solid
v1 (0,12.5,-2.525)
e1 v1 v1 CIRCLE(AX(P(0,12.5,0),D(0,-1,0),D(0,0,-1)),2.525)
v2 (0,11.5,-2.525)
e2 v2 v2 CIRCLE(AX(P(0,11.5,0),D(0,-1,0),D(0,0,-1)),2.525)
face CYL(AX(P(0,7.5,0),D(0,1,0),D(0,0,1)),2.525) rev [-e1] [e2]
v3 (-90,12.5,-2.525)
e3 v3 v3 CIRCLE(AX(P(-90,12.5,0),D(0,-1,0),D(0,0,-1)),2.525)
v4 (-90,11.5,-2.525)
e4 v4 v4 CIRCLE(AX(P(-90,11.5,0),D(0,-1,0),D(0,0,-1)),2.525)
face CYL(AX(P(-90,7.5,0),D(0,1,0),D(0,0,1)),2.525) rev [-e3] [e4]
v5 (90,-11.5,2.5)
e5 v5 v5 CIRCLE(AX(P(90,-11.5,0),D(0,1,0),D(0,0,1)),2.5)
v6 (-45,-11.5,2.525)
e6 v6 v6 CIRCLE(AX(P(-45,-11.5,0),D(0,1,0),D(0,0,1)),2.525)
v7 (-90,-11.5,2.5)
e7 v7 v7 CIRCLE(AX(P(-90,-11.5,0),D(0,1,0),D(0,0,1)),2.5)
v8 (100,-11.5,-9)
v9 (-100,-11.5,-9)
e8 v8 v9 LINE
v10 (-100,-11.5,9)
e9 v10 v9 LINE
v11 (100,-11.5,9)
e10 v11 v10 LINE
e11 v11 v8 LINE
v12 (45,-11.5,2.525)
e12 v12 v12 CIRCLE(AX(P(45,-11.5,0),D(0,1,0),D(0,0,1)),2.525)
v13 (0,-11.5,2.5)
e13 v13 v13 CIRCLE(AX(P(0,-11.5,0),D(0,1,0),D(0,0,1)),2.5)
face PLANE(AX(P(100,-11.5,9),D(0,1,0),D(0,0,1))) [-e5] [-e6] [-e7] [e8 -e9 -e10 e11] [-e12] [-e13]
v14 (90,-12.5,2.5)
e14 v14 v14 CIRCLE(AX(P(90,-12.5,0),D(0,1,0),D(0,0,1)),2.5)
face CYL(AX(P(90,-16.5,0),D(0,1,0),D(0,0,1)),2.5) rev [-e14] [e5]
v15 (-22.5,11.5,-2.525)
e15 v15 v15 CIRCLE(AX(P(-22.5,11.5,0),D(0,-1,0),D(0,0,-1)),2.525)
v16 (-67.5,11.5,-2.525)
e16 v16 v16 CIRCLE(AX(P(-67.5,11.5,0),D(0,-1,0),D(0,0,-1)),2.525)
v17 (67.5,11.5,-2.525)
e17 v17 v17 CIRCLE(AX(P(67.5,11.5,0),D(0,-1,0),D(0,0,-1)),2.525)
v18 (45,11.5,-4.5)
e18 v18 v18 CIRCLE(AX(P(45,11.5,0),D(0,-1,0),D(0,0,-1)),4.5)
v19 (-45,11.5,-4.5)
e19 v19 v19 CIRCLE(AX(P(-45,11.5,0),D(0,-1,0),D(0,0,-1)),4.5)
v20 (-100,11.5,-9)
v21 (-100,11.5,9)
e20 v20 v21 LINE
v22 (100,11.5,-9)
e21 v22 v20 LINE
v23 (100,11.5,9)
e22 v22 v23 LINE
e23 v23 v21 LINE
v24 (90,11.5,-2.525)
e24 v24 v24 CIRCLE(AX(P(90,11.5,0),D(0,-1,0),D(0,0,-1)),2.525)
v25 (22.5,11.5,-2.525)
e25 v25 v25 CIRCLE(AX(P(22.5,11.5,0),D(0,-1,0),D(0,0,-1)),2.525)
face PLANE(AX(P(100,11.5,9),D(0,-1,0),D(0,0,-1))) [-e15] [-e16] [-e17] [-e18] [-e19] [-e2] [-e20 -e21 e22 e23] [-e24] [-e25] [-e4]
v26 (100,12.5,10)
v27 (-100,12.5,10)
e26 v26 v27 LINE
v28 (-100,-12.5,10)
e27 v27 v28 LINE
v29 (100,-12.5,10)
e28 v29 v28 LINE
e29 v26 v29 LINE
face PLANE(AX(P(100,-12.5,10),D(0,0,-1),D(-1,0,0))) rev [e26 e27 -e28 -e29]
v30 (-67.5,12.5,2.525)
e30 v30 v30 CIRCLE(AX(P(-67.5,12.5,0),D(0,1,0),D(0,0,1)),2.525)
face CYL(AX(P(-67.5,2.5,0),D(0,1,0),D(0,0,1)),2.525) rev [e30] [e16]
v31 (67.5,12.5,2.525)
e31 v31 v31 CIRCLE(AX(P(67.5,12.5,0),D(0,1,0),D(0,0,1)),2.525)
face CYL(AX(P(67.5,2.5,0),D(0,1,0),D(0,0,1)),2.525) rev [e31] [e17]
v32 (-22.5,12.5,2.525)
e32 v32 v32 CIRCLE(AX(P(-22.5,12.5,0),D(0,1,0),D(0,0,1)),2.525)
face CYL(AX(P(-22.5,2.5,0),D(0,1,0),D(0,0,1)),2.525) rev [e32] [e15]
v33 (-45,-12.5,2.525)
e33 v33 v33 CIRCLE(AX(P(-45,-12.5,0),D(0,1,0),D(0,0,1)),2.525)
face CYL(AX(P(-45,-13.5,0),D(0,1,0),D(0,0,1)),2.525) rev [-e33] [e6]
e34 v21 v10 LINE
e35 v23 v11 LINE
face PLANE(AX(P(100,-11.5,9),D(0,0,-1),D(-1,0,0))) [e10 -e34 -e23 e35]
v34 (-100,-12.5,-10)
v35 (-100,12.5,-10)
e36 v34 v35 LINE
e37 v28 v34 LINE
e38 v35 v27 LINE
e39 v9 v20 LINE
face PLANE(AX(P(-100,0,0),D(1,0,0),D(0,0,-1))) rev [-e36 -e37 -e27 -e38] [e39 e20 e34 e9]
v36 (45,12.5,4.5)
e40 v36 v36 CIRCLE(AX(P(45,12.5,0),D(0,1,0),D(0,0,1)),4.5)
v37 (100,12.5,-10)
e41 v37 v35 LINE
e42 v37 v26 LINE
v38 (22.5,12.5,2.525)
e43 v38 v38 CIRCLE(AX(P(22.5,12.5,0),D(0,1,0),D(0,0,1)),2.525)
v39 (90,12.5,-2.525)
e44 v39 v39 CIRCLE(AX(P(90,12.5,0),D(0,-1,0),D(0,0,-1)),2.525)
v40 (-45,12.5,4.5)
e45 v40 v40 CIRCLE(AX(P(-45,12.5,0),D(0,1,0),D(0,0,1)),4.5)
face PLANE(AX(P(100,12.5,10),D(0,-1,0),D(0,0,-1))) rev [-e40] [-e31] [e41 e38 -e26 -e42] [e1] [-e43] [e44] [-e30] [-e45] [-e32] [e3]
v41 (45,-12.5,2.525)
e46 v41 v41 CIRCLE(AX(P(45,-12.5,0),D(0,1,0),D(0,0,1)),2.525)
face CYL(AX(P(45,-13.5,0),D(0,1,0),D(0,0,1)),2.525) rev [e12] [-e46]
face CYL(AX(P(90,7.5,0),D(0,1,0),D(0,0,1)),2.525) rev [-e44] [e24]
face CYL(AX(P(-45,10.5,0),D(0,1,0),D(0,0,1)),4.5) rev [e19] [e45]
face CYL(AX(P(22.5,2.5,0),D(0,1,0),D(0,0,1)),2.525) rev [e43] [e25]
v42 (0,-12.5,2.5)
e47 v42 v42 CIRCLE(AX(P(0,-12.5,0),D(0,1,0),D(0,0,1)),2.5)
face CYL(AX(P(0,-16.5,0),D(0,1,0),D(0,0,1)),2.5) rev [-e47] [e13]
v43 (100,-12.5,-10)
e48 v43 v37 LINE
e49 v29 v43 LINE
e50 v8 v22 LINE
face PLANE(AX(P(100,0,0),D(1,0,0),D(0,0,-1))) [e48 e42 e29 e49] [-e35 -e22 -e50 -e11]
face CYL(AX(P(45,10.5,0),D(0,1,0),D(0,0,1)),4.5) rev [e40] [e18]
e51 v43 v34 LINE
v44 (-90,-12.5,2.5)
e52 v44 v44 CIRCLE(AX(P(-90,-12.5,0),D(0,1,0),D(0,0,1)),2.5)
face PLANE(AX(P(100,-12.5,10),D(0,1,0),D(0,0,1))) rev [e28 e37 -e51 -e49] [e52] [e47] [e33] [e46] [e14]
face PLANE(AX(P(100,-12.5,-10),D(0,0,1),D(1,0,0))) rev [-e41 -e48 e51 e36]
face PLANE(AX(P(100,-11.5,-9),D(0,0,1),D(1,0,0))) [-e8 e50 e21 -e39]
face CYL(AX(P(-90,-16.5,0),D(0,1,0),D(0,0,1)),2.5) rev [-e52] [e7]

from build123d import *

# Parameters (mm, degrees)
SKETCH_1_W          = 20
SKETCH_1_H          = 25
SKETCH_1_W_2        = 18
SKETCH_1_H_2        = 23
EXTRUDE_1_DEPTH     = 100
SKETCH_2_R          = 2.525
CUT_EXTRUDE_1_DEPTH = 5
SKETCH_4_R          = 2.5
CUT_EXTRUDE_3_DEPTH = 5
SKETCH_5_R          = 4.5
CUT_EXTRUDE_4_DEPTH = 2
SKETCH_6_R          = 2.525
CUT_EXTRUDE_5_DEPTH = 2
SKETCH_7_R          = 2.525
CUT_EXTRUDE_6_DEPTH = 10


with BuildPart() as part:
    # 草图1 → 凸台-拉伸1 (new, symmetric)
    with BuildSketch(Plane(origin=(0, 0, 0), x_dir=(0, 0, -1), z_dir=(1, 0, 0))):
        Rectangle(SKETCH_1_W, SKETCH_1_H)
        Rectangle(SKETCH_1_W_2, SKETCH_1_H_2, mode=Mode.SUBTRACT)
    extrude(amount=EXTRUDE_1_DEPTH, both=True)

    # 草图2 → 切除-拉伸1 (cut, symmetric)
    with BuildSketch(Plane(origin=(0, 12.5, 0), x_dir=(1, 0, 0), z_dir=(0, 1, 0))):
        with Locations(Location((0, 0, 0), (0, 0, 90))):
            Circle(SKETCH_2_R)
        with Locations(Location((-90, 0, 0), (0, 0, 90))):
            Circle(SKETCH_2_R)
        with Locations(Location((90, 0, 0), (0, 0, 90))):
            Circle(SKETCH_2_R)
    extrude(amount=CUT_EXTRUDE_1_DEPTH, both=True, mode=Mode.SUBTRACT)

    # 草图4 → 切除-拉伸3 (cut, symmetric)
    with BuildSketch(Plane(origin=(0, -11.5, 0), x_dir=(1, 0, 0), z_dir=(0, 1, 0))):
        with Locations(Location((-90, 0, 0), (0, 0, 270))):
            Circle(SKETCH_4_R)
        with Locations(Location((0, 0, 0), (0, 0, 270))):
            Circle(SKETCH_4_R)
        with Locations(Location((90, 0, 0), (0, 0, 270))):
            Circle(SKETCH_4_R)
    extrude(amount=CUT_EXTRUDE_3_DEPTH, both=True, mode=Mode.SUBTRACT)

    # 草图5 → 切除-拉伸4 (cut)
    with BuildSketch(Plane(origin=(0, 12.5, 0), x_dir=(1, 0, 0), z_dir=(0, 1, 0))):
        with Locations(Location((-45, 0, 0), (0, 0, 270))):
            Circle(SKETCH_5_R)
        with Locations(Location((45, 0, 0), (0, 0, 270))):
            Circle(SKETCH_5_R)
    extrude(amount=-CUT_EXTRUDE_4_DEPTH, mode=Mode.SUBTRACT)

    # 草图6 → 切除-拉伸5 (cut)
    with BuildSketch(Plane(origin=(0, -11.5, 0), x_dir=(1, 0, 0), z_dir=(0, 1, 0))):
        with Locations(Location((-45, 0, 0), (0, 0, 270))):
            Circle(SKETCH_6_R)
        with Locations(Location((45, 0, 0), (0, 0, 270))):
            Circle(SKETCH_6_R)
    extrude(amount=-CUT_EXTRUDE_5_DEPTH, mode=Mode.SUBTRACT)

    # 草图7 → 切除-拉伸6 (cut)
    with BuildSketch(Plane(origin=(0, 12.5, 0), x_dir=(1, 0, 0), z_dir=(0, 1, 0))):
        with Locations(Location((-67.5, 0, 0), (0, 0, 270))):
            Circle(SKETCH_7_R)
        with Locations(Location((-22.5, 0, 0), (0, 0, 270))):
            Circle(SKETCH_7_R)
        with Locations(Location((22.5, 0, 0), (0, 0, 270))):
            Circle(SKETCH_7_R)
        with Locations(Location((67.5, 0, 0), (0, 0, 270))):
            Circle(SKETCH_7_R)
    extrude(amount=-CUT_EXTRUDE_6_DEPTH, mode=Mode.SUBTRACT)


solid = part.part
